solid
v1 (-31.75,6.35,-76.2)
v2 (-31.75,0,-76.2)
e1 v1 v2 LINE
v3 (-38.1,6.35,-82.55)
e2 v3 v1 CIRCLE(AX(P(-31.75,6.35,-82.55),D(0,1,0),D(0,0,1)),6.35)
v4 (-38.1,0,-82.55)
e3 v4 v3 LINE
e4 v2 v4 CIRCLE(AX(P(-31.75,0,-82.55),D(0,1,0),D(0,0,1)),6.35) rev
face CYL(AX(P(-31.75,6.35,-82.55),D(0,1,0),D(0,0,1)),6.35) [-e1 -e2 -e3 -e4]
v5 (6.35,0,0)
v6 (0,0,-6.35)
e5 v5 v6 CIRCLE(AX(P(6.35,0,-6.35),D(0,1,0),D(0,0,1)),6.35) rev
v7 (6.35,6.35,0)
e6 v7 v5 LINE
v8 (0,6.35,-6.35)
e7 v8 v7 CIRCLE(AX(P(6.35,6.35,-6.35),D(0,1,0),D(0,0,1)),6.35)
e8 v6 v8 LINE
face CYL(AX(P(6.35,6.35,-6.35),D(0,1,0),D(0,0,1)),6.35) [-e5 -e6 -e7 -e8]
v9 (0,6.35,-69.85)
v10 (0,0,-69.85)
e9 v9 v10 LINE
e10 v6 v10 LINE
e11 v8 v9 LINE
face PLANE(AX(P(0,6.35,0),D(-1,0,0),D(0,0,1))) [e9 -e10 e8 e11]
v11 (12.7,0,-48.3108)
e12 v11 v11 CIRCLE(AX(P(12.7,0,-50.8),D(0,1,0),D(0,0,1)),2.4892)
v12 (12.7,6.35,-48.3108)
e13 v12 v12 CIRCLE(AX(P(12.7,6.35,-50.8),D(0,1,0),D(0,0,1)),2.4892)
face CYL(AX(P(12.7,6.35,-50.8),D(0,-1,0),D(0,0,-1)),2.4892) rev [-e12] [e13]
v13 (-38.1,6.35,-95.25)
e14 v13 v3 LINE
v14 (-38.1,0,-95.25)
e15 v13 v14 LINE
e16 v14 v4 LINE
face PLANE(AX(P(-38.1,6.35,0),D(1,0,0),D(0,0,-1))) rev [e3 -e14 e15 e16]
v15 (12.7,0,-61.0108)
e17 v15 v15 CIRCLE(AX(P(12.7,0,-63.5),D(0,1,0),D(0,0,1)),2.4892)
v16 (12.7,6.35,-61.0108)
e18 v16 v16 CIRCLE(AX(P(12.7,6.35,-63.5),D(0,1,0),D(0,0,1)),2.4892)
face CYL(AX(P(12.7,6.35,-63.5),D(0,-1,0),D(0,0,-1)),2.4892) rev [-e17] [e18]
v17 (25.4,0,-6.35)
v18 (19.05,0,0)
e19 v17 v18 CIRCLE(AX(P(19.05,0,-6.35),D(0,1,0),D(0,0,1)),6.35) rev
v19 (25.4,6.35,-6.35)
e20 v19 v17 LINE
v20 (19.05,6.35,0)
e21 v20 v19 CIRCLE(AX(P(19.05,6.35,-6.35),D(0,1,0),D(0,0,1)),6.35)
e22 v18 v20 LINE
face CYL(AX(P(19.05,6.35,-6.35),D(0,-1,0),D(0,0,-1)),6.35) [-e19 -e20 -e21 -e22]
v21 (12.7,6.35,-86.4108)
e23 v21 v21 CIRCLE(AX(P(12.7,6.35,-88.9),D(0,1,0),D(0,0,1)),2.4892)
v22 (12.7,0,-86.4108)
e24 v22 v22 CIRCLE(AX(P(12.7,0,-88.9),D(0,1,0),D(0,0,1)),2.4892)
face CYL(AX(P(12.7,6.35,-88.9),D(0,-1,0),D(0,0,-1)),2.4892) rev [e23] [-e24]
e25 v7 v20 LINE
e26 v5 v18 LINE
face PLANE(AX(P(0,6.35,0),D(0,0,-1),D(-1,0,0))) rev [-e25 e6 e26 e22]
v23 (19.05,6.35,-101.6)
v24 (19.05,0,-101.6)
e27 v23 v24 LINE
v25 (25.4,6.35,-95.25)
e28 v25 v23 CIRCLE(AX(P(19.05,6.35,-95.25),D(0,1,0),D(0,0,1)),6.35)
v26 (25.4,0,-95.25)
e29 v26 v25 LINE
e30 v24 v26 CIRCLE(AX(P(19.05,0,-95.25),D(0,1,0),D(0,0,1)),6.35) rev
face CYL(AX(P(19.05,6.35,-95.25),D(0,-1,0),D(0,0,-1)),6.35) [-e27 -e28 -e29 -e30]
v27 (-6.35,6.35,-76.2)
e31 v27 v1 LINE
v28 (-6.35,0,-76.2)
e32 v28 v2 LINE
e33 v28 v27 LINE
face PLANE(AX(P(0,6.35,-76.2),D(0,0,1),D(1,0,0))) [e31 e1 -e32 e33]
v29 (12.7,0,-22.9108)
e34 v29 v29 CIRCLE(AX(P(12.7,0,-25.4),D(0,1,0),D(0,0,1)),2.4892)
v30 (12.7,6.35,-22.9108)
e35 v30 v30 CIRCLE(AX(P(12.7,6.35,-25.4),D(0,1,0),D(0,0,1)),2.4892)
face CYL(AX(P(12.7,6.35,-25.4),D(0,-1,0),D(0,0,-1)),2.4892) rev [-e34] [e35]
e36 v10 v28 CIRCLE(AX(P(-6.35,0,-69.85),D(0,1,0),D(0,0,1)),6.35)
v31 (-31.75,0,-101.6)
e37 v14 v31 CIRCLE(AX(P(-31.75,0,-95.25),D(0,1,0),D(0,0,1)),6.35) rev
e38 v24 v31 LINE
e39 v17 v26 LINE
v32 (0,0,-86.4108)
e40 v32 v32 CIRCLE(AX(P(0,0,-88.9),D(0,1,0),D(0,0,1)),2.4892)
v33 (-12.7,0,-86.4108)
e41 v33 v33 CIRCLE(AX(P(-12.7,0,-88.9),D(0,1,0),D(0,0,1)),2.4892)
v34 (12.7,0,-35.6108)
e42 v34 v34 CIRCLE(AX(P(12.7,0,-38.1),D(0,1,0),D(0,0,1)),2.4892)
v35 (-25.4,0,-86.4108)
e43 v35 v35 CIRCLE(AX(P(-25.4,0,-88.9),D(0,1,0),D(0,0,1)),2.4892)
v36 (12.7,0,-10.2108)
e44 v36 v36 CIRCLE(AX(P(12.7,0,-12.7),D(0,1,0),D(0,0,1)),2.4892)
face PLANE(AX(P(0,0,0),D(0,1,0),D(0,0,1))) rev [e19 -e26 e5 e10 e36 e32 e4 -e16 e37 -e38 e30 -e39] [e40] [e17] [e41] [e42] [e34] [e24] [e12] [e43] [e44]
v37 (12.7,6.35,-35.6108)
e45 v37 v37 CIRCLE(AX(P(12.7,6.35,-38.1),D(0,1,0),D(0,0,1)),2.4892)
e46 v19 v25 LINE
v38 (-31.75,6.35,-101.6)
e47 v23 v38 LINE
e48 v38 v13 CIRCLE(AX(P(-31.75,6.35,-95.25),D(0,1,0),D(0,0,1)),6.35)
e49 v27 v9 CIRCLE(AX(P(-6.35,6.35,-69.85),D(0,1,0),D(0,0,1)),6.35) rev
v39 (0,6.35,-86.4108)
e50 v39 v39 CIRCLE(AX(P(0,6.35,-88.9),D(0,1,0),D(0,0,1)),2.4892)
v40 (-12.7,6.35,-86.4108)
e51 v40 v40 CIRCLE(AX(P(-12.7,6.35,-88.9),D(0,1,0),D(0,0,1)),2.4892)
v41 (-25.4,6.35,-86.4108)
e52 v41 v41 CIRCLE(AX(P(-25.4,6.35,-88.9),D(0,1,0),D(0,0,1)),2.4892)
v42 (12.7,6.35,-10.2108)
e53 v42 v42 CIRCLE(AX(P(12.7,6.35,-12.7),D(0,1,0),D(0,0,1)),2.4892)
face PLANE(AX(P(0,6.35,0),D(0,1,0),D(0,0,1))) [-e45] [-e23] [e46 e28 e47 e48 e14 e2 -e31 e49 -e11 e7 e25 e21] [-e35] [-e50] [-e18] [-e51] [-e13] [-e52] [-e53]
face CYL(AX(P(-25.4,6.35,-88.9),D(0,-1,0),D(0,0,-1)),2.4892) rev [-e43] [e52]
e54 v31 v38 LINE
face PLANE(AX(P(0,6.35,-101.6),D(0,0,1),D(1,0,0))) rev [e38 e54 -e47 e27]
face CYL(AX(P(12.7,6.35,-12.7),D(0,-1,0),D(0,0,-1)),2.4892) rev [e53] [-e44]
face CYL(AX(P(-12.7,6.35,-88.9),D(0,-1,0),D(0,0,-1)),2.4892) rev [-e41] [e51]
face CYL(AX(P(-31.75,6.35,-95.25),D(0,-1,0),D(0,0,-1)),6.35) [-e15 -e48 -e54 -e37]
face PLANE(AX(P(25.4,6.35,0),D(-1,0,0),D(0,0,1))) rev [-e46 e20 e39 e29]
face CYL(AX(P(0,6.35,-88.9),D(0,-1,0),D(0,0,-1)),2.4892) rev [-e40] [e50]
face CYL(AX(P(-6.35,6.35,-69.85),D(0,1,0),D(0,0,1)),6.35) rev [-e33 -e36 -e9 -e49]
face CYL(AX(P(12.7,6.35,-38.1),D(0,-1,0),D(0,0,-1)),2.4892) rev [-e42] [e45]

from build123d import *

# Parameters (mm, degrees)
SKETCH1_R           = 2.4892
SKETCH1_W           = 25.4
SKETCH1_H           = 76.2
BOSS_EXTRUDE1_DEPTH = 6.35
FILLET1_R           = 6.35


with BuildPart() as part:
    # Sketch1 → Boss-Extrude1 (new body)
    # profile 1 of 3: a face of its own
    with BuildSketch(Plane(origin=(0, 0, 0), x_dir=(1, 0, 0), z_dir=(0, 1, 0))):
        with BuildLine():
            Line((-38.1, 76.2), (0, 76.2))
            Line((0, 76.2), (0, 86.4108))
            ThreePointArc((0, 86.4108), (-2.4892, 88.9), (0, 91.3892))
            Line((0, 91.3892), (0, 101.6))
            Line((0, 101.6), (-38.1, 101.6))
            Line((-38.1, 101.6), (-38.1, 76.2))
        make_face()
        with Locations(Location((-25.4, 88.9, 0), (0, 0, 270))):
            Circle(SKETCH1_R, mode=Mode.SUBTRACT)
        with Locations(Location((-12.7, 88.9, 0), (0, 0, 270))):
            Circle(SKETCH1_R, mode=Mode.SUBTRACT)
    # profile 2 of 3: a face of its own
    with BuildSketch(Plane(origin=(0, 0, 0), x_dir=(1, 0, 0), z_dir=(0, 1, 0))):
        with BuildLine():
            Line((0, 86.4108), (0, 76.2))
            Line((0, 76.2), (25.4, 76.2))
            Line((25.4, 76.2), (25.4, 101.6))
            Line((25.4, 101.6), (0, 101.6))
            Line((0, 101.6), (0, 91.3892))
            ThreePointArc((0, 91.3892), (1.7601302, 90.6601302), (2.4892, 88.9))
            ThreePointArc((2.4892, 88.9), (1.7601302, 87.1398698), (0, 86.4108))
        make_face()
        with Locations(Location((12.7, 88.9, 0), (0, 0, 270))):
            Circle(SKETCH1_R, mode=Mode.SUBTRACT)
    # profile 3 of 3: a face of its own
    with BuildSketch(Plane(origin=(0, 0, 0), x_dir=(1, 0, 0), z_dir=(0, 1, 0))):
        with Locations((12.7, 38.1)):
            Rectangle(SKETCH1_W, SKETCH1_H)
        with Locations(Location((12.7, 12.7, 0), (0, 0, 270))):
            Circle(SKETCH1_R, mode=Mode.SUBTRACT)
        with Locations(Location((12.7, 25.4, 0), (0, 0, 270))):
            Circle(SKETCH1_R, mode=Mode.SUBTRACT)
        with Locations(Location((12.7, 38.1, 0), (0, 0, 270))):
            Circle(SKETCH1_R, mode=Mode.SUBTRACT)
        with Locations(Location((12.7, 50.8, 0), (0, 0, 270))):
            Circle(SKETCH1_R, mode=Mode.SUBTRACT)
        with Locations(Location((12.7, 63.5, 0), (0, 0, 270))):
            Circle(SKETCH1_R, mode=Mode.SUBTRACT)
    extrude(amount=BOSS_EXTRUDE1_DEPTH)

    # Fillet1
    fillet1_edges = [part.edges().sort_by_distance(p)[0] for p in [
        (25.4, 3.175, 0),
        (0, 3.175, 0),
        (0, 3.175, -76.2),
        (-38.1, 3.175, -76.2),
        (-38.1, 3.175, -101.6),
        (25.4, 3.175, -101.6),
    ]]
    fillet(fillet1_edges, radius=FILLET1_R)


solid = part.part
